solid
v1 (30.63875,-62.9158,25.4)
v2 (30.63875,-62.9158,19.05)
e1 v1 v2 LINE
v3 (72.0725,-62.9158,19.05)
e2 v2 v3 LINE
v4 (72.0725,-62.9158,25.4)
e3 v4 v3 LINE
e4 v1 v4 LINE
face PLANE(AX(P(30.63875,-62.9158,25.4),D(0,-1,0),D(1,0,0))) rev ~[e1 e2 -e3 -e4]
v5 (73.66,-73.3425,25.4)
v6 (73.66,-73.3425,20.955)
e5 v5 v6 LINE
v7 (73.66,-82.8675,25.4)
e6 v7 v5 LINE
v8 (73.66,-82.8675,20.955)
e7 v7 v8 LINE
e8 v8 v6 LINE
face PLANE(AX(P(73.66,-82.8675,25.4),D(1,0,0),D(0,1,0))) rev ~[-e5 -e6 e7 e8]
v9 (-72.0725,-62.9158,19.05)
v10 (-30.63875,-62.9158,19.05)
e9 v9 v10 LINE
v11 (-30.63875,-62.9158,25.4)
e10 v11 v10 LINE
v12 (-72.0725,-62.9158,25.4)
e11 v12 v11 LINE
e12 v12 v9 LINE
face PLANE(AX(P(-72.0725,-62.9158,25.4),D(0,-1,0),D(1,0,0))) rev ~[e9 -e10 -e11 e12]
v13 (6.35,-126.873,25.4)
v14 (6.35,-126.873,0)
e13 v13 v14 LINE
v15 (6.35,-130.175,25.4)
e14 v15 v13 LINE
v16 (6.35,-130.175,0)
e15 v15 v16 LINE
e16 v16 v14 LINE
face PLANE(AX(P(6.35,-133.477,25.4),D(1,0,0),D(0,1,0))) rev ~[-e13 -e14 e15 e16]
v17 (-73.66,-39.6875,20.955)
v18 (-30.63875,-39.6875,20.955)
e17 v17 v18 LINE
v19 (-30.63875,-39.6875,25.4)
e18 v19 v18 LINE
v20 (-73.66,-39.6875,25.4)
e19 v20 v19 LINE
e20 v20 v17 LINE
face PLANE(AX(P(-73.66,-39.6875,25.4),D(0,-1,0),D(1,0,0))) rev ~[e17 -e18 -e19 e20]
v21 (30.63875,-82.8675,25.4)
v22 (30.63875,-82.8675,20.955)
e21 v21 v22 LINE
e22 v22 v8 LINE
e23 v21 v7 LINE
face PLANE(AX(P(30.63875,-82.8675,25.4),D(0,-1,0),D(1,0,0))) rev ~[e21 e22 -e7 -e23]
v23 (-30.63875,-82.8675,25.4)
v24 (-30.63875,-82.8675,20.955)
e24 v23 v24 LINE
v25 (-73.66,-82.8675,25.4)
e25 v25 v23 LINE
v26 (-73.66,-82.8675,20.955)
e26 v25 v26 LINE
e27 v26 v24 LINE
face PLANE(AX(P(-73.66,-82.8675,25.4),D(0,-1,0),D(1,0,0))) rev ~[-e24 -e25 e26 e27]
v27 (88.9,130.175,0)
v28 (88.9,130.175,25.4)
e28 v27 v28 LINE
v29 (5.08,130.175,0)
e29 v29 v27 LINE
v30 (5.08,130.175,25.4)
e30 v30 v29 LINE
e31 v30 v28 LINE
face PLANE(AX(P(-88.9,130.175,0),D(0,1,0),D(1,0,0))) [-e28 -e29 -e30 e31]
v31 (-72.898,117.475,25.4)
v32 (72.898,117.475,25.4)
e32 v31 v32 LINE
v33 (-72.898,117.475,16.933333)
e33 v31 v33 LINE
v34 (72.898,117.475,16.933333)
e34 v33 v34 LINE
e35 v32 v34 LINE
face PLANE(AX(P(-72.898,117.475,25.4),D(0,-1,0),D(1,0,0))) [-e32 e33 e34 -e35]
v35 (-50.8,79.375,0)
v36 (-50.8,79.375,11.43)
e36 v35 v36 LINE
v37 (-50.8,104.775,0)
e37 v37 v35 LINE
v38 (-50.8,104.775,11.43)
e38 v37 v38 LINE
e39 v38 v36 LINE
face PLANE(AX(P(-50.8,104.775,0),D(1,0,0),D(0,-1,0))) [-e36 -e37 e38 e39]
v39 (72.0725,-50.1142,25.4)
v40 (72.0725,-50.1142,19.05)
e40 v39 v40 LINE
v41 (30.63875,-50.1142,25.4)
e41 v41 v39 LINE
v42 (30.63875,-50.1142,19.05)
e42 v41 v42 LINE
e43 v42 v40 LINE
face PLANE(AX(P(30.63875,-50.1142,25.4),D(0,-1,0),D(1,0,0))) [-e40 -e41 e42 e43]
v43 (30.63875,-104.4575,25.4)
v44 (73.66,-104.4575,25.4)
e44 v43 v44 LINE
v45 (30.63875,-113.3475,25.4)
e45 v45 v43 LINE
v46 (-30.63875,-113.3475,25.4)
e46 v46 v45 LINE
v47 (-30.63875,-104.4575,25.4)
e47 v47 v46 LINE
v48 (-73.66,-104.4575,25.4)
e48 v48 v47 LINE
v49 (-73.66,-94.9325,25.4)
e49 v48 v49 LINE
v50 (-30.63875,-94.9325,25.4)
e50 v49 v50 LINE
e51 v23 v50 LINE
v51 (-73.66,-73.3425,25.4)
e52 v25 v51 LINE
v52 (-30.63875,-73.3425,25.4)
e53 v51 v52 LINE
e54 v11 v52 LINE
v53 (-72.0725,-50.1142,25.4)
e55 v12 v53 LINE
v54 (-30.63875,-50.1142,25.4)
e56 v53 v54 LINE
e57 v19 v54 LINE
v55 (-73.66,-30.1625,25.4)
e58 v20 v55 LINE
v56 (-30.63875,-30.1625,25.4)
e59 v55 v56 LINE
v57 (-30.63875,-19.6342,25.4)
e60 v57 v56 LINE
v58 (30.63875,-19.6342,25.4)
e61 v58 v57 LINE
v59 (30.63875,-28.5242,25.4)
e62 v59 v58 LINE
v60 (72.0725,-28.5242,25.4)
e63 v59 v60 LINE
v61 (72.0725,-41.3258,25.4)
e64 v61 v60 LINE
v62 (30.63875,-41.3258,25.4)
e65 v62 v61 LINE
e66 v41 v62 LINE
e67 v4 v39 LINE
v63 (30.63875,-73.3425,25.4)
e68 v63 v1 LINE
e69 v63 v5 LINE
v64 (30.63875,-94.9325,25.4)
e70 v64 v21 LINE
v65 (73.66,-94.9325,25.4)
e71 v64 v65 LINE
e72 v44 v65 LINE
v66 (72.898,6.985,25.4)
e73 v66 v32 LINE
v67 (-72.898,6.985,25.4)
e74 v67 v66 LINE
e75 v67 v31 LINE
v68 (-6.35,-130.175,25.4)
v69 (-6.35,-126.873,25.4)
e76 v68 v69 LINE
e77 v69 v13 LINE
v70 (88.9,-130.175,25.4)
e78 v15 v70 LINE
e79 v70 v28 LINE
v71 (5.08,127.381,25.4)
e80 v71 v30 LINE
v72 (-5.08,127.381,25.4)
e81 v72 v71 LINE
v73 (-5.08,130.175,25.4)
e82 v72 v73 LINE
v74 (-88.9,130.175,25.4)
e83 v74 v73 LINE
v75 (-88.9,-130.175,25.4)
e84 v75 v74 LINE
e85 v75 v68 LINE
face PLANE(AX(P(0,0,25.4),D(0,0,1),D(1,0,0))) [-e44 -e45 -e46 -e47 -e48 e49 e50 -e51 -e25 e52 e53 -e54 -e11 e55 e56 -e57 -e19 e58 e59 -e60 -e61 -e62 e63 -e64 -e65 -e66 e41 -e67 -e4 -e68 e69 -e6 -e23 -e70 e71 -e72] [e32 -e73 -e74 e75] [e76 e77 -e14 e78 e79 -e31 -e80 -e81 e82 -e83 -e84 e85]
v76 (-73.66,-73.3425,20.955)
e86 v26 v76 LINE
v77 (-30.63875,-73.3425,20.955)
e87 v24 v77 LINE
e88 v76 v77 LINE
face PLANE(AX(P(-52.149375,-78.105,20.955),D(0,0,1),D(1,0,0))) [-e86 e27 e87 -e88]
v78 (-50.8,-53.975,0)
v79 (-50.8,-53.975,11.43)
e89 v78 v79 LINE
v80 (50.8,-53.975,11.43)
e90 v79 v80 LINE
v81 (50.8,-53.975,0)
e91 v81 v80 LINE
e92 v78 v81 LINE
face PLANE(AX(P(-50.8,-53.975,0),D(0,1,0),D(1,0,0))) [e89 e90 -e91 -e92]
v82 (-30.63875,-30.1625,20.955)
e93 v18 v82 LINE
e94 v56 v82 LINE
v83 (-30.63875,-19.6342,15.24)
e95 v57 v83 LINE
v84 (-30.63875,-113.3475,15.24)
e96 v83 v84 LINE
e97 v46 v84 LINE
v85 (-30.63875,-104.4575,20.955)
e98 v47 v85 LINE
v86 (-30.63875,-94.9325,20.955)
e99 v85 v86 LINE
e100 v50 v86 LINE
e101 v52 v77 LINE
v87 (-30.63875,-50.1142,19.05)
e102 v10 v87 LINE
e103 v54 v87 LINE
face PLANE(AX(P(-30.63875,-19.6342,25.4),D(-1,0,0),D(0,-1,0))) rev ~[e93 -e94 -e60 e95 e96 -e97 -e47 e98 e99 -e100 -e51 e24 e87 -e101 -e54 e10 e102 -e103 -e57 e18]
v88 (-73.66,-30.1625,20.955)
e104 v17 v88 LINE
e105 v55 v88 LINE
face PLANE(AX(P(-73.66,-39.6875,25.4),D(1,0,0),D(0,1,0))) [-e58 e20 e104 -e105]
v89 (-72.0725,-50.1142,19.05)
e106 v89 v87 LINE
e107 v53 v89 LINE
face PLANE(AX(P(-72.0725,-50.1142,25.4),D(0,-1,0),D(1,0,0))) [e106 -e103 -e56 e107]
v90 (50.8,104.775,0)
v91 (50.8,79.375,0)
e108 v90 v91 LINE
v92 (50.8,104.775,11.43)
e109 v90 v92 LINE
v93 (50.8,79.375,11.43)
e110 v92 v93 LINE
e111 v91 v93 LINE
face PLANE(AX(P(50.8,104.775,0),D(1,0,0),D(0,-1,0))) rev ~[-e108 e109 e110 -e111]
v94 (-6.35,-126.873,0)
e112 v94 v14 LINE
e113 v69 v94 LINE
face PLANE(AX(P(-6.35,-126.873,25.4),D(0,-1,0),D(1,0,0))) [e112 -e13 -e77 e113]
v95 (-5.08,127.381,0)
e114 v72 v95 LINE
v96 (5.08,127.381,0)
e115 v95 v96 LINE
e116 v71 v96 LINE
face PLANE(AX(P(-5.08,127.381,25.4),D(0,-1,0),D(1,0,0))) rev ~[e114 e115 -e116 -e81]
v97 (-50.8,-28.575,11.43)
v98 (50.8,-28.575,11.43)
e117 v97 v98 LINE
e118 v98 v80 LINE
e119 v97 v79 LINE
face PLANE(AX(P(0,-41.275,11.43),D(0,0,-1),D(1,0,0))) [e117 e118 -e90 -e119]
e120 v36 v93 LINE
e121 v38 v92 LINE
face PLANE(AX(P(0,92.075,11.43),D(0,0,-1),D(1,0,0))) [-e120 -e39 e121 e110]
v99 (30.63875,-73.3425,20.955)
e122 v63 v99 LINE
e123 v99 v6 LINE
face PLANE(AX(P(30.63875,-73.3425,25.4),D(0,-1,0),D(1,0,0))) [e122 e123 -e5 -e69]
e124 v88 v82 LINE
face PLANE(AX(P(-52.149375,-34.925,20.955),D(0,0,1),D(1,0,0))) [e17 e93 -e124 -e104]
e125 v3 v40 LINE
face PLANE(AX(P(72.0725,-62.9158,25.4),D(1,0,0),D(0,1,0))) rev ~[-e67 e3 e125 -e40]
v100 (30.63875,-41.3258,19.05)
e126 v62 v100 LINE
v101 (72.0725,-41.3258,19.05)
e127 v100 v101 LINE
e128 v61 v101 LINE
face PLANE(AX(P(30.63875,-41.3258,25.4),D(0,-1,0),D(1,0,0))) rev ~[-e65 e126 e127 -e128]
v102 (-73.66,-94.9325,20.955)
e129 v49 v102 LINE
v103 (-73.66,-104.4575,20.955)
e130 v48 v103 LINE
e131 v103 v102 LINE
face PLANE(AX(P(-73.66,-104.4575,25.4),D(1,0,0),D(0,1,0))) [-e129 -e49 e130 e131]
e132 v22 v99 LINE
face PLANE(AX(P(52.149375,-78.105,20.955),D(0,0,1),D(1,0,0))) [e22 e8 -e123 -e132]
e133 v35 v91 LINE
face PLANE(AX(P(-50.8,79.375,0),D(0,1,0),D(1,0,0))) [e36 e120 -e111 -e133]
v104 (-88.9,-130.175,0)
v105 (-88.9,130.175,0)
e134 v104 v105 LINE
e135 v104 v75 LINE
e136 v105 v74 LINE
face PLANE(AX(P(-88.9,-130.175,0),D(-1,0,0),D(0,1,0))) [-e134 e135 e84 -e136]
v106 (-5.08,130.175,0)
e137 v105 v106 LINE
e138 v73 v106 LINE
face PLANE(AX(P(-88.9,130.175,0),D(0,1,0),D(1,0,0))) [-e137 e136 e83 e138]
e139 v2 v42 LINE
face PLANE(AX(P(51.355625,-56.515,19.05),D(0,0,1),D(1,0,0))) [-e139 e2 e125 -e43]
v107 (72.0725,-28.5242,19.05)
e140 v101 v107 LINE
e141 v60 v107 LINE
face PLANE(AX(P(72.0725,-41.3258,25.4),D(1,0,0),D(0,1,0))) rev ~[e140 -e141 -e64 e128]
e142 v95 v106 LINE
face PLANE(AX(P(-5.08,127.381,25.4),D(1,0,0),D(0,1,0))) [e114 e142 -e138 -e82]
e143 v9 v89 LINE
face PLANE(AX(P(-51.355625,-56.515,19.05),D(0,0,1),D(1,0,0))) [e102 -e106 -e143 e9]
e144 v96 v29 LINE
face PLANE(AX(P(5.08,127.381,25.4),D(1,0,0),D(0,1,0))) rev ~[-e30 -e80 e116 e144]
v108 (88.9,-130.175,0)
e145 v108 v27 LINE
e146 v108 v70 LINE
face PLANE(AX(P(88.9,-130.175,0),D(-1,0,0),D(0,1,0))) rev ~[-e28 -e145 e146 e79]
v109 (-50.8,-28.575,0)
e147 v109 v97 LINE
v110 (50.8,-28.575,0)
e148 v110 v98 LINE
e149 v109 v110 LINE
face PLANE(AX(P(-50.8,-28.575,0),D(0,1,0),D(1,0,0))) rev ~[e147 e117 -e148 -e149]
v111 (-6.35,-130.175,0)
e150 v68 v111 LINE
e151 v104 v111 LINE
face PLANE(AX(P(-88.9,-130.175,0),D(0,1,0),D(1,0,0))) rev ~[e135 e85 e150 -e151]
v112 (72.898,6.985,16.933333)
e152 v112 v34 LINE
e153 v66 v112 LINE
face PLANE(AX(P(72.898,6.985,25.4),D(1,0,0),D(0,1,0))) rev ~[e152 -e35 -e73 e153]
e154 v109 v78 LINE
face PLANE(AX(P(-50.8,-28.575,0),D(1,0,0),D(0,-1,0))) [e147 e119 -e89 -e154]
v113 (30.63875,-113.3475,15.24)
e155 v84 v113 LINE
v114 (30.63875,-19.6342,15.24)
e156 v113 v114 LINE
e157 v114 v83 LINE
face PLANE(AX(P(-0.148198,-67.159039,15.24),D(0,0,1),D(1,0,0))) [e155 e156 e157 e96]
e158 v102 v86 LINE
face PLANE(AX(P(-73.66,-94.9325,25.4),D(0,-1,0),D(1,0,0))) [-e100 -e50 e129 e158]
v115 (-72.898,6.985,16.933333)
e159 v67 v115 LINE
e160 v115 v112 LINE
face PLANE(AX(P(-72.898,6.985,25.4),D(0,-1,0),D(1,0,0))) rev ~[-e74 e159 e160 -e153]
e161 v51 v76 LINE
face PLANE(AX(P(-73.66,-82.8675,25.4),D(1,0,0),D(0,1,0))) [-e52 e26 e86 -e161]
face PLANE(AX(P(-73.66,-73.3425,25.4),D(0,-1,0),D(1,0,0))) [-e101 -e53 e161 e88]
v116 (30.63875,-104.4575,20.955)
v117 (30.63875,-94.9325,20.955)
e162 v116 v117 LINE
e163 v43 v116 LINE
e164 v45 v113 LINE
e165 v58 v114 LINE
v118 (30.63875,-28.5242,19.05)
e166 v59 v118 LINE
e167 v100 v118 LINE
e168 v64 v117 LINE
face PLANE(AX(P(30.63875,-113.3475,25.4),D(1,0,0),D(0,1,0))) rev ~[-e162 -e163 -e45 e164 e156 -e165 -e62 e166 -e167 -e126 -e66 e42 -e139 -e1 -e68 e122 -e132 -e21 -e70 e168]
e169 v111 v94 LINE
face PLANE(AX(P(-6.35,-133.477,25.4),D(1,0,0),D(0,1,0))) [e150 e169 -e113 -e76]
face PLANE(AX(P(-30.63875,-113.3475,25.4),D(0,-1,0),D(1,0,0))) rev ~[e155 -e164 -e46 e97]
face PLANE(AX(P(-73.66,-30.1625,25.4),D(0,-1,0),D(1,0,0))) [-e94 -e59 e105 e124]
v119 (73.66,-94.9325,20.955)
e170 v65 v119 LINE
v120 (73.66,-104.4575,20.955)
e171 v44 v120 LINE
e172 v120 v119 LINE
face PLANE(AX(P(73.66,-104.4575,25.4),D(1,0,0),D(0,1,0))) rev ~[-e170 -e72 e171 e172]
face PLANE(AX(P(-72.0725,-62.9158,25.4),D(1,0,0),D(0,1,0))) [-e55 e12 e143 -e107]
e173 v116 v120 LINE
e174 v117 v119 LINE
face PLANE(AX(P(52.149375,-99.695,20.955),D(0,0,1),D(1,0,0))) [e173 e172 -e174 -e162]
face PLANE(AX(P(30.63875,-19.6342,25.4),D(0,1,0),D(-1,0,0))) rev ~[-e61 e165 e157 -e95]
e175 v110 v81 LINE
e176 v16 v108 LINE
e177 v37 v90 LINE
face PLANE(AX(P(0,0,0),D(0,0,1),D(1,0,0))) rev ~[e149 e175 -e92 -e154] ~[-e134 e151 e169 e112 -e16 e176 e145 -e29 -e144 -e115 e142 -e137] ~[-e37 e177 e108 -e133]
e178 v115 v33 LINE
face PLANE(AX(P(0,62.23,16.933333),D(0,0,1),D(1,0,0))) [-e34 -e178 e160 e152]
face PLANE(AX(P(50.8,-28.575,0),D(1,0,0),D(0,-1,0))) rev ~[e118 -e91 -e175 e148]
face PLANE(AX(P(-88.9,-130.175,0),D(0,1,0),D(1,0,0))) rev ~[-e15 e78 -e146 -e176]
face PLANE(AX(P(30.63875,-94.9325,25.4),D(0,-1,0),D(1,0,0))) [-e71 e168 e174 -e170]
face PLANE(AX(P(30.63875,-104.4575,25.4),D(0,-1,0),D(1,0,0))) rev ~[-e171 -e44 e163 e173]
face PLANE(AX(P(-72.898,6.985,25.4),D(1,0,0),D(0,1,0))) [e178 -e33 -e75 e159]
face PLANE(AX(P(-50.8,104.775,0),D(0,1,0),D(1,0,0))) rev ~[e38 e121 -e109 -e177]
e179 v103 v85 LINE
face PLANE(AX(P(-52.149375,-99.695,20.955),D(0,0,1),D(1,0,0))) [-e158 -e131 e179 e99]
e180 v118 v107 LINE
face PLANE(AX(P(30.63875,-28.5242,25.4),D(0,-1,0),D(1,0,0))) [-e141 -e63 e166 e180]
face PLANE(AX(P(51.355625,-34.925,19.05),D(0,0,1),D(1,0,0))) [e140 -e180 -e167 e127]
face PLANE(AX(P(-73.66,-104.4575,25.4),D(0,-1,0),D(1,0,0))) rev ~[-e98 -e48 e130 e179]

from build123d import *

# Parameters (mm, degrees)
F0_W      = 177.8
F0_H      = 260.35
F1_DEPTH  = 25.4
F2_W      = 10.16
F2_H      = 5.588
F2_W_2    = 12.7
F2_H_2    = 6.604
F3_DEPTH  = 25.401
F4_W      = 145.796
F4_H      = 110.49
F5_DEPTH  = 8.466667
F6_W      = 41.43375
F6_H      = 12.8016
F7_DEPTH  = 6.35
F6_W_2    = 43.02125
F6_H_2    = 9.525
F8_DEPTH  = 4.445
F6_W_3    = 15.39875
F6_W_4    = 13.81125
F9_DEPTH  = 10.16
F10_W     = 101.6
F10_H     = 25.4
F11_DEPTH = 11.43


with BuildPart() as f1:
    # F0 (on Top) → F1 (new body)
    with BuildSketch(Plane.XY):
        Rectangle(F0_W, F0_H)
    extrude(amount=F1_DEPTH)

    # F2 (on face) → F3 (cut, through all)
    with BuildSketch(Plane.XY.offset(25.4)):
        with Locations((0, 130.175)):
            Rectangle(F2_W, F2_H)
        with Locations((0, -130.175)):
            Rectangle(F2_W_2, F2_H_2)
    extrude(amount=-F3_DEPTH, mode=Mode.SUBTRACT)

    # F4 (on face) → F5 (cut)
    with BuildSketch(Plane.XY.offset(25.4)):
        with Locations((0, 62.23)):
            Rectangle(F4_W, F4_H)
    extrude(amount=-F5_DEPTH, mode=Mode.SUBTRACT)

    # F6 (on face) → F7 (cut)
    with BuildSketch(Plane.XY.offset(25.4)):
        with Locations((-51.355625, -56.515)):
            Rectangle(F6_W, F6_H)
        with Locations((51.355625, -56.515)):
            Rectangle(F6_W, F6_H)
        with Locations((51.355625, -34.925)):
            Rectangle(F6_W, F6_H)
    extrude(amount=-F7_DEPTH, mode=Mode.SUBTRACT)

    # F6 (on face) → F8 (cut)
    with BuildSketch(Plane.XY.offset(25.4)):
        with Locations((-52.149375, -34.925)):
            Rectangle(F6_W_2, F6_H_2)
        with Locations((-52.149375, -78.105)):
            Rectangle(F6_W_2, F6_H_2)
        with Locations((-52.149375, -99.695)):
            Rectangle(F6_W_2, F6_H_2)
        with Locations((52.149375, -78.105)):
            Rectangle(F6_W_2, F6_H_2)
        with Locations((52.149375, -99.695)):
            Rectangle(F6_W_2, F6_H_2)
    extrude(amount=-F8_DEPTH, mode=Mode.SUBTRACT)

    # F6 (on face) → F9 (cut)
    with BuildSketch(Plane.XY.offset(25.4)):
        Polygon((-15.24, -30.1625), (-15.24, -39.6875), (-30.63875, -39.6875), (-30.63875, -50.1142), (-16.8275, -50.1142), (-16.8275, -62.9158), (-30.63875, -62.9158), (-30.63875, -73.3425), (-15.24, -73.3425), (-15.24, -82.8675), (-30.63875, -82.8675), (-30.63875, -94.9325), (-15.24, -94.9325), (-15.24, -104.4575), (-30.63875, -104.4575), (-30.63875, -113.3475), (30.63875, -113.3475), (30.63875, -104.4575), (15.24, -104.4575), (15.24, -94.9325), (30.63875, -94.9325), (30.63875, -82.8675), (15.24, -82.8675), (15.24, -73.3425), (30.63875, -73.3425), (30.63875, -62.9158), (16.8275, -62.9158), (16.8275, -50.1142), (30.63875, -50.1142), (30.63875, -41.3258), (16.8275, -41.3258), (16.8275, -28.5242), (30.63875, -28.5242), (30.63875, -19.6342), (-30.63875, -19.6342), (-30.63875, -30.1625), align=None)
        with Locations((-22.939375, -34.925)):
            Rectangle(F6_W_3, F6_H_2)
        with Locations((-23.733125, -56.515)):
            Rectangle(F6_W_4, F6_H)
        with Locations((-22.939375, -78.105)):
            Rectangle(F6_W_3, F6_H_2)
        with Locations((-22.939375, -99.695)):
            Rectangle(F6_W_3, F6_H_2)
        with Locations((22.939375, -99.695)):
            Rectangle(F6_W_3, F6_H_2)
        with Locations((22.939375, -78.105)):
            Rectangle(F6_W_3, F6_H_2)
        with Locations((23.733125, -56.515)):
            Rectangle(F6_W_4, F6_H)
        with Locations((23.733125, -34.925)):
            Rectangle(F6_W_4, F6_H)
    extrude(amount=-F9_DEPTH, mode=Mode.SUBTRACT)

    # F10 (on face) → F11 (cut)
    with BuildSketch(Plane(origin=(0, 0, 0), x_dir=(1, 0, 0), z_dir=(0, 0, -1))):
        with Locations((0, 41.275)):
            Rectangle(F10_W, F10_H)
        with Locations((0, -92.075)):
            Rectangle(F10_W, F10_H)
    extrude(amount=-F11_DEPTH, mode=Mode.SUBTRACT)


solid = f1.part
